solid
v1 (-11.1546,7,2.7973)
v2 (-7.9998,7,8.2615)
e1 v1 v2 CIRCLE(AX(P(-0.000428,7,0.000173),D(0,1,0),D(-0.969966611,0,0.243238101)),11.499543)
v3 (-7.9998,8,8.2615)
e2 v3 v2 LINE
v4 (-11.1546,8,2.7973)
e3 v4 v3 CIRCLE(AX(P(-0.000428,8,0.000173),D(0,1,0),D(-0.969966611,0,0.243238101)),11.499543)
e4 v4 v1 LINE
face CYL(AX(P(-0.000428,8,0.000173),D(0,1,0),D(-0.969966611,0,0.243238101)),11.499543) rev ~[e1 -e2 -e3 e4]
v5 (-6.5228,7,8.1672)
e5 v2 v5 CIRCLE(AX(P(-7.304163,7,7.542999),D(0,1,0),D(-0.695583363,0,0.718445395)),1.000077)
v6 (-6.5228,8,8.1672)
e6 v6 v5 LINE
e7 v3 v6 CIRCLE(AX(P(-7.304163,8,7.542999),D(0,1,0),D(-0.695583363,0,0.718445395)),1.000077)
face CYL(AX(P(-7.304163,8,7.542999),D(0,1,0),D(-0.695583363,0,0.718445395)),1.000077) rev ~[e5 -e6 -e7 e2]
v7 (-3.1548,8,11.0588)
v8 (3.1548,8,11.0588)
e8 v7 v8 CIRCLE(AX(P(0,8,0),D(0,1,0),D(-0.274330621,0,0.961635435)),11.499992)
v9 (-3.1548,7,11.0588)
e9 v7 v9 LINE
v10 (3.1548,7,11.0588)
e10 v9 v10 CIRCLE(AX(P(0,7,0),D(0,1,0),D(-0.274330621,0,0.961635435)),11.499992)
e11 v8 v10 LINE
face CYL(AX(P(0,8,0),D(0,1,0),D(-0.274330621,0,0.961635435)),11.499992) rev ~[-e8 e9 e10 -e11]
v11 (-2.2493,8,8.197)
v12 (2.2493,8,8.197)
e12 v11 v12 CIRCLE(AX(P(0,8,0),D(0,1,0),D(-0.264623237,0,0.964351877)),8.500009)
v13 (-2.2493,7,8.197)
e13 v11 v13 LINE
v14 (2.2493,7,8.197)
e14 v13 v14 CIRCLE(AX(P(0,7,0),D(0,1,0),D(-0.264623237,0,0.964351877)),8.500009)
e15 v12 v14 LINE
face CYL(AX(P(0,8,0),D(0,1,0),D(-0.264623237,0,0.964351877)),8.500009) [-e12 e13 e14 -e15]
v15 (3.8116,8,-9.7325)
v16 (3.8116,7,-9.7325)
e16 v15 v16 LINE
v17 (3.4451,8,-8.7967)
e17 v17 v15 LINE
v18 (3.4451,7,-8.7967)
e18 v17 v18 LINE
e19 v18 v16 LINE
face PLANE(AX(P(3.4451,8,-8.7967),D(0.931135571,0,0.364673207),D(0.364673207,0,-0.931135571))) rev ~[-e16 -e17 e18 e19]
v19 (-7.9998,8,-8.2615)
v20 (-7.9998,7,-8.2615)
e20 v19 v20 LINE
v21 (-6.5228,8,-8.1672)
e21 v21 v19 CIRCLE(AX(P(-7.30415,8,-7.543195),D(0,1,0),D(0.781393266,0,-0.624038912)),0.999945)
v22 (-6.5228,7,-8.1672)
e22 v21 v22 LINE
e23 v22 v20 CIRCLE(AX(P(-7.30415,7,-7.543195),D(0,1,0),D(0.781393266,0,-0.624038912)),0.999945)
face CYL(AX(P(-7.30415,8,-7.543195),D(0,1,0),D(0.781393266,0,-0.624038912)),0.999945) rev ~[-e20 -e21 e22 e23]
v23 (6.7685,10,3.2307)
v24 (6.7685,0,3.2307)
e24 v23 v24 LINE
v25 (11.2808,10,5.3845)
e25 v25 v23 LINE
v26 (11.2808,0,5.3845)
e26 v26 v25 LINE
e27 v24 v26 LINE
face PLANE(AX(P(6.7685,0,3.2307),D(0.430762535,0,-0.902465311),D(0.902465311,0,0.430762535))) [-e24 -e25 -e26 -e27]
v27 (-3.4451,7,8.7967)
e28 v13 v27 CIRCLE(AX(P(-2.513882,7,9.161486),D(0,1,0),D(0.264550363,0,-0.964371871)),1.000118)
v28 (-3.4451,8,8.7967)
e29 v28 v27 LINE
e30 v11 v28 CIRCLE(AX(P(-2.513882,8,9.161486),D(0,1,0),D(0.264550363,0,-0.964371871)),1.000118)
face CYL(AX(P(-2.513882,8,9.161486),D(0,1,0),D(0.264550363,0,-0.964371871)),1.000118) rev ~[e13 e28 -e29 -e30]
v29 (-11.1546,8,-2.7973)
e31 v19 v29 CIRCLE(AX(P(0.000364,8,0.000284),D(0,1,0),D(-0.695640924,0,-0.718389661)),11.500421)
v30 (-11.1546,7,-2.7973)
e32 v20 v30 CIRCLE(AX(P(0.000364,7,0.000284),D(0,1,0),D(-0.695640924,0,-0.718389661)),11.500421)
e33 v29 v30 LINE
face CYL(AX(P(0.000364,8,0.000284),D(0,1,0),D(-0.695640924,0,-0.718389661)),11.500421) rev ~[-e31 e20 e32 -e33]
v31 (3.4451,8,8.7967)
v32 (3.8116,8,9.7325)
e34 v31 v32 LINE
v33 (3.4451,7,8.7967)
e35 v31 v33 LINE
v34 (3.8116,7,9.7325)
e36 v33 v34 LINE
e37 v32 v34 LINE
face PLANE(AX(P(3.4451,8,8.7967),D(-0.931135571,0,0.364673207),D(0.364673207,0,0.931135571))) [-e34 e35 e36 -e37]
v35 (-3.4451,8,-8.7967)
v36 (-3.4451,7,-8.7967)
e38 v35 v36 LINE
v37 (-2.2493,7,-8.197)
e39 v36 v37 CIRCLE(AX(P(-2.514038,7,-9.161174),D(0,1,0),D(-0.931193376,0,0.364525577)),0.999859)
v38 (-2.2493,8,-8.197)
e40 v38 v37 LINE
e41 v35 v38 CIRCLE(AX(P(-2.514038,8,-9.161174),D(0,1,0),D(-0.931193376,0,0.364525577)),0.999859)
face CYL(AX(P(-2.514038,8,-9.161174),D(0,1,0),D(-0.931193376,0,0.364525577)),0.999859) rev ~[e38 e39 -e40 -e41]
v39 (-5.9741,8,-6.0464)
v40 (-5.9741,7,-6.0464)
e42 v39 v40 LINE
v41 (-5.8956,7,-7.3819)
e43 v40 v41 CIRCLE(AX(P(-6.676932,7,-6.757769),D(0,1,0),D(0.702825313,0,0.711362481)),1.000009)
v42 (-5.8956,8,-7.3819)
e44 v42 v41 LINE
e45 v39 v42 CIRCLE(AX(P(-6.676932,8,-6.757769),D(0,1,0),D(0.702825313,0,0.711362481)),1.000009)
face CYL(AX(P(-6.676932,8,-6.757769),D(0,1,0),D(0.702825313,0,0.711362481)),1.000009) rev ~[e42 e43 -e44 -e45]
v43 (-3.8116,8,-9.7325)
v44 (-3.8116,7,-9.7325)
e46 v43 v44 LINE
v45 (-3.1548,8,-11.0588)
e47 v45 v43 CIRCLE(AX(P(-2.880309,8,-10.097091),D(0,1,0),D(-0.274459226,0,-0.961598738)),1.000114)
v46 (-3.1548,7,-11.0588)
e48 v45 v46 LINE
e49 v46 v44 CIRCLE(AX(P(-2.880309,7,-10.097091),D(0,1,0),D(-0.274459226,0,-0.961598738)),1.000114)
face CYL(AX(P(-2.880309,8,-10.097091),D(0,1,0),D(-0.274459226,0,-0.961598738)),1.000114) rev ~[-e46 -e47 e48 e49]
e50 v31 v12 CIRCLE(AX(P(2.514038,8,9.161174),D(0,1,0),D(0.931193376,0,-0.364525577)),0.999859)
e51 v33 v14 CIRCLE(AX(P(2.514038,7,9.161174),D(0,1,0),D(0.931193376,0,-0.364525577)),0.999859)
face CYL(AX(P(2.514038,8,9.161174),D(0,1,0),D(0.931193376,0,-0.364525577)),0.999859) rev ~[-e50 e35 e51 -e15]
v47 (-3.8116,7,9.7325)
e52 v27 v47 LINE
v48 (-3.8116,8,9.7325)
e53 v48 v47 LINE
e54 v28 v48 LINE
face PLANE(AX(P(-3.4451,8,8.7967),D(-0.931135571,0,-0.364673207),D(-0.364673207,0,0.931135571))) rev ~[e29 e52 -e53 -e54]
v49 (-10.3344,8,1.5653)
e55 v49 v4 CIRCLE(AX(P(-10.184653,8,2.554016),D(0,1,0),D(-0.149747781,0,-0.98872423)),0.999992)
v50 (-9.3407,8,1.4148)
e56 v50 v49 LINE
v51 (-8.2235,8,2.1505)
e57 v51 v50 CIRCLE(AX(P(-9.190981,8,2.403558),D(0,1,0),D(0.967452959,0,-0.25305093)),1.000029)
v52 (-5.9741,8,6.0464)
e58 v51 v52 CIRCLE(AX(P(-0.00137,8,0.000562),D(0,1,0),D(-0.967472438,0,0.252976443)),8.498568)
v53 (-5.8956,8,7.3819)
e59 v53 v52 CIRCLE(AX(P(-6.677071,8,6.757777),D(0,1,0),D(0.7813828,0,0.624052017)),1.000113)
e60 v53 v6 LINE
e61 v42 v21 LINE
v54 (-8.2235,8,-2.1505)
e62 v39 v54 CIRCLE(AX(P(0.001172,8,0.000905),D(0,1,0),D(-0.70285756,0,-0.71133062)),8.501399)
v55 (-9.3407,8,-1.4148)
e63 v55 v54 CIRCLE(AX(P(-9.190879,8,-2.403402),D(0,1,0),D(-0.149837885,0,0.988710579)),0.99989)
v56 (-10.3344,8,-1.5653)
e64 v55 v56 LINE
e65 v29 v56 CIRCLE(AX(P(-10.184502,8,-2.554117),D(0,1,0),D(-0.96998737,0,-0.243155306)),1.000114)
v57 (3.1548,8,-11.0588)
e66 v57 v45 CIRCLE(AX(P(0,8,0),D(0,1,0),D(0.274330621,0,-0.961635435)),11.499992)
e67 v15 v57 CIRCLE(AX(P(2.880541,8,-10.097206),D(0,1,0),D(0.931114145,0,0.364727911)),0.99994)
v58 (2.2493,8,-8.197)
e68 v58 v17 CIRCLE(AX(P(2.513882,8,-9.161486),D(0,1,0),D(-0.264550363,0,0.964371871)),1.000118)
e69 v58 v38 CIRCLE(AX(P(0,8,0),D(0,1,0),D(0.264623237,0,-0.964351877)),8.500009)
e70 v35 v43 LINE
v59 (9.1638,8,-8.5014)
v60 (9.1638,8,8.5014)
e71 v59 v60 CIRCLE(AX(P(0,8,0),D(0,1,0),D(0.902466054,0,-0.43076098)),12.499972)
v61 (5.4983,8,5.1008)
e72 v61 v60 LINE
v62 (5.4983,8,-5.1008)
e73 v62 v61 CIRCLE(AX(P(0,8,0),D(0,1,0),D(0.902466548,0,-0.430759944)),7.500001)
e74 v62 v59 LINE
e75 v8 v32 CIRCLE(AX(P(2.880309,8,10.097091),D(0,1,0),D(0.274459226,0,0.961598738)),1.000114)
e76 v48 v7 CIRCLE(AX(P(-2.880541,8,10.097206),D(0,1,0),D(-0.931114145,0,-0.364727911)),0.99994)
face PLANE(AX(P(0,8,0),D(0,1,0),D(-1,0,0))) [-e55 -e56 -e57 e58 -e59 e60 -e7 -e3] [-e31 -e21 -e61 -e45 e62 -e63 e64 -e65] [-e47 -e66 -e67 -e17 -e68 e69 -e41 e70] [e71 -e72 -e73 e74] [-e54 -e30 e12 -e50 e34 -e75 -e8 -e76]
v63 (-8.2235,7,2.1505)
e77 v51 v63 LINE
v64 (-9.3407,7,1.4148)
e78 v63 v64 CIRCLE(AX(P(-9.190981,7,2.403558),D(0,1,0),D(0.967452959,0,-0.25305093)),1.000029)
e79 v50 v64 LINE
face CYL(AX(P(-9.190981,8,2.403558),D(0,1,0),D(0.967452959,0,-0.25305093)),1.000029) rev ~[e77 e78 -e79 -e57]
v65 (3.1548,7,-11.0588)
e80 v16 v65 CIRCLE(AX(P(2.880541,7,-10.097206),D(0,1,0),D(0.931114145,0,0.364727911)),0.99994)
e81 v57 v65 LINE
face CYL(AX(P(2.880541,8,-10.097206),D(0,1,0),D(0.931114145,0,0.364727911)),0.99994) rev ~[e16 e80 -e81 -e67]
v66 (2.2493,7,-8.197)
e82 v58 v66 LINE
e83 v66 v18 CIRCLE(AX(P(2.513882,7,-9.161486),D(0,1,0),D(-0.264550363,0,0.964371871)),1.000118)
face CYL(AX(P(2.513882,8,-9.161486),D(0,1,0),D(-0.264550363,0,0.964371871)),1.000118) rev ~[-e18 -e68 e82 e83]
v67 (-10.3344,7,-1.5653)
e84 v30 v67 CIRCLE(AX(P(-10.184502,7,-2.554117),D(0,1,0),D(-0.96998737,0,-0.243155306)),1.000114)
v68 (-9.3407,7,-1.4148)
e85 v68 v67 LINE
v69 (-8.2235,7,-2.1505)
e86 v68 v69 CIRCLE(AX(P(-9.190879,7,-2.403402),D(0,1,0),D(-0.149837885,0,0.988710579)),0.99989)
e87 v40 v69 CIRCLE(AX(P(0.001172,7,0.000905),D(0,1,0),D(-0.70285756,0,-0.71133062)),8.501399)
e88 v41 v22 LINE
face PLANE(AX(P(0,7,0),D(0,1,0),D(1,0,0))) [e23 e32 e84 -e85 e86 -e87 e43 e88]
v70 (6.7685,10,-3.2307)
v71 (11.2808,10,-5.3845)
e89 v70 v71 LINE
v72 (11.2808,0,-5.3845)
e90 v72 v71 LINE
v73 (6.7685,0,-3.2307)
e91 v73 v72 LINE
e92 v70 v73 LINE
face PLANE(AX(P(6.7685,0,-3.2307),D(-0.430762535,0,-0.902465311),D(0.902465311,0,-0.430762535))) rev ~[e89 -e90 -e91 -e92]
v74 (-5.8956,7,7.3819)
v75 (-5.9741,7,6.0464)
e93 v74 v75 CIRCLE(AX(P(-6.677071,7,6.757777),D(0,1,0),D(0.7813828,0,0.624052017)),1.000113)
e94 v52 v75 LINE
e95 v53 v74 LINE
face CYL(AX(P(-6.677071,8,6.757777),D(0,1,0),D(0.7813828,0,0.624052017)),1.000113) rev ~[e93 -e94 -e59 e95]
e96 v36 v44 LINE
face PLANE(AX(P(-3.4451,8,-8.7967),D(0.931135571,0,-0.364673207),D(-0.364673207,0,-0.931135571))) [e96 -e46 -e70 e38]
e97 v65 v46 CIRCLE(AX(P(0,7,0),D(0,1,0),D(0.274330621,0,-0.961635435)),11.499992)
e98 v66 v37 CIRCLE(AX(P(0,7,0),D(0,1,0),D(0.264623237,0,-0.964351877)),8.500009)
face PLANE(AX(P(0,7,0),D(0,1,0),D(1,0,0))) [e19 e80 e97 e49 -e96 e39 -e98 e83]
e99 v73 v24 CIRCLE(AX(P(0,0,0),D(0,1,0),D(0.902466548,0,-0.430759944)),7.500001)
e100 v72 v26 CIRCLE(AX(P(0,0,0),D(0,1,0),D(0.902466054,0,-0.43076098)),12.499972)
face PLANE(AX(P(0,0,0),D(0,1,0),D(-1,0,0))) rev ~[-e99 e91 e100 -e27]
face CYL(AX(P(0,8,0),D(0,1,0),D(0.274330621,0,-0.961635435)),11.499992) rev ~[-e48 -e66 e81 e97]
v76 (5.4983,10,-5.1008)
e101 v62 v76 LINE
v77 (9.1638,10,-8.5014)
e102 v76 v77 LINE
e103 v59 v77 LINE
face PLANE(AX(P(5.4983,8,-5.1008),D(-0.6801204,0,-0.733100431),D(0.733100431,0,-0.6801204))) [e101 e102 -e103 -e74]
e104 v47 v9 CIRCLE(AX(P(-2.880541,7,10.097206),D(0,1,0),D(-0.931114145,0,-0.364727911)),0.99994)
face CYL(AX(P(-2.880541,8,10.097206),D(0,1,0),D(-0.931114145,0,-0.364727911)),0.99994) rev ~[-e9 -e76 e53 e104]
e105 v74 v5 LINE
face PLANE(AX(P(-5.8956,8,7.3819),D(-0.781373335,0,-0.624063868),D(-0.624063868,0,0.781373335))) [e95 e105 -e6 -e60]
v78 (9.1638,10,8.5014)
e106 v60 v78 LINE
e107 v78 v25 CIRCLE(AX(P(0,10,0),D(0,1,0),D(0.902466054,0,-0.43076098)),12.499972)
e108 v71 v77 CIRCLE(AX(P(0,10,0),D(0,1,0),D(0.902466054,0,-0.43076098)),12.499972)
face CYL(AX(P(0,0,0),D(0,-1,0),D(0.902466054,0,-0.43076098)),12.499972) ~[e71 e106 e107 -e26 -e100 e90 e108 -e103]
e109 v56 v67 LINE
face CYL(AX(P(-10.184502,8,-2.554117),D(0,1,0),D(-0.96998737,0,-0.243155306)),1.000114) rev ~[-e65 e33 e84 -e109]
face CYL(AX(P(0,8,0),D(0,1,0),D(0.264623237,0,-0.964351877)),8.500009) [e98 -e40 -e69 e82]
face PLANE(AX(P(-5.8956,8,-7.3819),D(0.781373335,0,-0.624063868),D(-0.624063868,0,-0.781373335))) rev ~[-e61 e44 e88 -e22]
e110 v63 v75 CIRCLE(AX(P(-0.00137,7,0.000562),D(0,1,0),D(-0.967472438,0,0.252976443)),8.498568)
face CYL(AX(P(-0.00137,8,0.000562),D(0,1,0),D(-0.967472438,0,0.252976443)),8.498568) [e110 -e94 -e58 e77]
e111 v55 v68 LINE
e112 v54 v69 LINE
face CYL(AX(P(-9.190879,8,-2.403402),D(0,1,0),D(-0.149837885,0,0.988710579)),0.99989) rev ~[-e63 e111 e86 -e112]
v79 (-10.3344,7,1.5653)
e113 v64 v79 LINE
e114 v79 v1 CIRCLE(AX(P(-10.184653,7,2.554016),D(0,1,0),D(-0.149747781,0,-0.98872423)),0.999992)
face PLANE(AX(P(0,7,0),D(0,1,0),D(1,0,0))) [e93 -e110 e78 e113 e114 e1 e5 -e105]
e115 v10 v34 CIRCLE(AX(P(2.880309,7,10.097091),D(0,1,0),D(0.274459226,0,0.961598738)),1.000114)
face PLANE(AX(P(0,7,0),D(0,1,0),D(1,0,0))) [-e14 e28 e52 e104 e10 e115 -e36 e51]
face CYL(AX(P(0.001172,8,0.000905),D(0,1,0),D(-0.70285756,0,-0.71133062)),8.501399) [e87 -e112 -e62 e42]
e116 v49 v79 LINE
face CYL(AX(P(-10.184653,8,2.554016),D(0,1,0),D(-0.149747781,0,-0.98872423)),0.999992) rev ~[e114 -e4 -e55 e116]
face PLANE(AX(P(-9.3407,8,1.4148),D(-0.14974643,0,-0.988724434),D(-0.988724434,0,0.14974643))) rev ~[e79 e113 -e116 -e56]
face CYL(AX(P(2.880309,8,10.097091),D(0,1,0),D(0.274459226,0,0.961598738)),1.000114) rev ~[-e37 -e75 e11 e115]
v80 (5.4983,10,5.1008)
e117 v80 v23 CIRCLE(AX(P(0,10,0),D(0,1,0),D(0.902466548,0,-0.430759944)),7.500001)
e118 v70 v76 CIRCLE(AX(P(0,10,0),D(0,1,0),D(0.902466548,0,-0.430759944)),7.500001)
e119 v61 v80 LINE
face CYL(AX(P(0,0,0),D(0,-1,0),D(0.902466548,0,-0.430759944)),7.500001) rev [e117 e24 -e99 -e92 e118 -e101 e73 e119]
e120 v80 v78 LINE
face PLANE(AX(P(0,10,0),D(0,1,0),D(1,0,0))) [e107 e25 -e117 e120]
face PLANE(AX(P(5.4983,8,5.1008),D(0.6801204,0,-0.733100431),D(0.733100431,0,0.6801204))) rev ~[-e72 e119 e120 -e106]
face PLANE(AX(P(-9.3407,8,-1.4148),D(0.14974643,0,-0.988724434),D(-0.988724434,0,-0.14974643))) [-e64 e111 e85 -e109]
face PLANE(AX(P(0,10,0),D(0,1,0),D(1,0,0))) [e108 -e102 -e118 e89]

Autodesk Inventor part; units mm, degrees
ref_plane "YZ Plane" through (0, 0, 0) normal (1, 0, 0) x (0, 1, 0)
ref_plane "XZ Plane" through (0, 0, 0) normal (0, 1, 0) x (-1, 0, 0)
ref_plane "XY Plane" through (0, 0, 0) normal (0, 0, 1) x (1, 0, 0)
sketch "Эскиз1" plane through (0, 0, 0) normal (0, 1, 0) x (-1, 0, 0)
  arc A0 (-11.2808, -5.3845) -> (-11.2808, 5.3845) centre (0, 0) ccw
  arc A1 (-6.7685, -3.2307) -> (-6.7685, 3.2307) centre (0, 0) ccw
  line L0 (-6.7685, -3.2307) -> (-11.2808, -5.3845)
  line L1 (-6.7685, 3.2307) -> (-11.2808, 5.3845)
  dimension "d0" = 25
  dimension "d1" = 15
extrude "Выдавливание1" add sketch "Эскиз1" along normal blind 8
sketch "Эскиз2" plane through (0, 8, 0) normal (0, 1, 0) x (1, 0, 0)
  line L0 (5.4983, 5.1008) -> (9.1638, 8.5014)
  arc A0 (11.2808, 5.3845) -> (11.2808, -5.3845) centre (0, 0) ccw projected
  arc A1 (11.2808, 5.3845) -> (11.2808, -5.3845) centre (0, 0) ccw projected
  line L1 (11.2808, -5.3845) -> (6.7685, -3.2307) projected
  arc A2 (6.7685, 3.2307) -> (6.7685, -3.2307) centre (0, 0) ccw projected
  line L2 (6.7685, 3.2307) -> (11.2808, 5.3845) projected
  arc A3 (6.7685, 3.2307) -> (6.7685, -3.2307) centre (0, 0) ccw projected
  line L3 (5.4983, -5.1008) -> (9.1638, -8.5014)
  point P0 (11.2808, -5.3845)
extrude "Выдавливание2" add sketch "Эскиз2" along normal blind 2 contours L0 A0 L2 A2 | A2 L1 A0 L3
sketch "Эскиз3" plane through (0, 8, 0) normal (0, 1, 0) x (1, 0, 0)
  arc A0 (2.2493, 8.197) -> (-2.2493, 8.197) centre (0, 0) ccw
  arc A1 (3.1548, 11.0588) -> (-3.1548, 11.0588) centre (0, 0) ccw
  line L0 (3.4451, 8.7967) -> (3.8116, 9.7325)
  arc A2 (9.1638, 8.5014) -> (9.1638, -8.5014) centre (0, 0) ccw projected
  arc A3 (5.4983, 5.1008) -> (5.4983, -5.1008) centre (0, 0) ccw projected
  line L1 (-3.4451, 8.7967) -> (-3.8116, 9.7325)
  arc A4 (3.8116, 9.7325) -> (3.1548, 11.0588) centre (2.8804, 10.0972) ccw
  arc A5 (2.2493, 8.197) -> (3.4451, 8.7967) centre (2.5139, 9.1613) ccw
  arc A6 (-3.1548, 11.0588) -> (-3.8116, 9.7325) centre (-2.8804, 10.0972) ccw
  arc A7 (-3.4451, 8.7967) -> (-2.2493, 8.197) centre (-2.5139, 9.1613) ccw
  arc A8 (-5.9741, 6.0464) -> (-5.8956, 7.3819) centre (-6.677, 6.7578) ccw
  line L2 (-5.8956, 7.3819) -> (-6.5228, 8.1672)
  arc A9 (-5.9741, 6.0464) -> (-8.2235, 2.1505) centre (0, 0) ccw
  arc A10 (-9.3407, 1.4148) -> (-8.2235, 2.1505) centre (-9.1909, 2.4035) ccw
  arc A11 (-6.5228, 8.1672) -> (-7.9998, 8.2615) centre (-7.3042, 7.5431) ccw
  line L3 (-9.3407, 1.4148) -> (-10.3344, 1.5653)
  arc A12 (-11.1546, 2.7973) -> (-10.3344, 1.5653) centre (-10.1846, 2.5541) ccw
  arc A13 (-7.9998, 8.2615) -> (-11.1546, 2.7973) centre (0, 0) ccw
  arc A14 (-8.2235, -2.1505) -> (-9.3407, -1.4148) centre (-9.1909, -2.4035) ccw
  line L4 (-9.3407, -1.4148) -> (-10.3344, -1.5653)
  arc A15 (-8.2235, -2.1505) -> (-5.9741, -6.0464) centre (0, 0) ccw
  arc A16 (-5.8956, -7.3819) -> (-5.9741, -6.0464) centre (-6.677, -6.7578) ccw
  arc A17 (-10.3344, -1.5653) -> (-11.1546, -2.7973) centre (-10.1846, -2.5541) ccw
  line L5 (-5.8956, -7.3819) -> (-6.5228, -8.1672)
  arc A18 (-7.9998, -8.2615) -> (-6.5228, -8.1672) centre (-7.3042, -7.5431) ccw
  arc A19 (-11.1546, -2.7973) -> (-7.9998, -8.2615) centre (0, 0) ccw
  arc A20 (-2.2493, -8.197) -> (-3.4451, -8.7967) centre (-2.5139, -9.1613) ccw
  line L6 (-3.4451, -8.7967) -> (-3.8116, -9.7325)
  arc A21 (-2.2493, -8.197) -> (2.2493, -8.197) centre (0, 0) ccw
  arc A22 (3.4451, -8.7967) -> (2.2493, -8.197) centre (2.5139, -9.1613) ccw
  arc A23 (-3.8116, -9.7325) -> (-3.1548, -11.0588) centre (-2.8804, -10.0972) ccw
  line L7 (3.4451, -8.7967) -> (3.8116, -9.7325)
  arc A24 (3.1548, -11.0588) -> (3.8116, -9.7325) centre (2.8804, -10.0972) ccw
  arc A25 (-3.1548, -11.0588) -> (3.1548, -11.0588) centre (0, 0) ccw
  point P0 (4.1936, 10.7081)
  point P1 (3.0996, 7.9147)
  point P2 (-4.1936, 10.7081)
  point P3 (-3.0996, 7.9147)
  point P4 (-5.3045, 6.6417)
  point P5 (-8.4041, 1.273)
  point P6 (-7.1767, 8.9859)
  point P7 (-11.3703, 1.7222)
  point P8 (-8.4041, -1.273)
  point P9 (-5.3045, -6.6417)
  point P10 (-11.3703, -1.7222)
  point P11 (-7.1767, -8.9859)
  point P12 (-3.0996, -7.9147)
  point P13 (3.0996, -7.9147)
  point P14 (-4.1936, -10.7081)
  point P15 (4.1936, -10.7081)
  dimension "d8" = 3
  dimension "d9" = 1
  dimension "d12" = 180
extrude "Выдавливание3" cut sketch "Эскиз3" against normal blind 1
properties part number "pawn"
